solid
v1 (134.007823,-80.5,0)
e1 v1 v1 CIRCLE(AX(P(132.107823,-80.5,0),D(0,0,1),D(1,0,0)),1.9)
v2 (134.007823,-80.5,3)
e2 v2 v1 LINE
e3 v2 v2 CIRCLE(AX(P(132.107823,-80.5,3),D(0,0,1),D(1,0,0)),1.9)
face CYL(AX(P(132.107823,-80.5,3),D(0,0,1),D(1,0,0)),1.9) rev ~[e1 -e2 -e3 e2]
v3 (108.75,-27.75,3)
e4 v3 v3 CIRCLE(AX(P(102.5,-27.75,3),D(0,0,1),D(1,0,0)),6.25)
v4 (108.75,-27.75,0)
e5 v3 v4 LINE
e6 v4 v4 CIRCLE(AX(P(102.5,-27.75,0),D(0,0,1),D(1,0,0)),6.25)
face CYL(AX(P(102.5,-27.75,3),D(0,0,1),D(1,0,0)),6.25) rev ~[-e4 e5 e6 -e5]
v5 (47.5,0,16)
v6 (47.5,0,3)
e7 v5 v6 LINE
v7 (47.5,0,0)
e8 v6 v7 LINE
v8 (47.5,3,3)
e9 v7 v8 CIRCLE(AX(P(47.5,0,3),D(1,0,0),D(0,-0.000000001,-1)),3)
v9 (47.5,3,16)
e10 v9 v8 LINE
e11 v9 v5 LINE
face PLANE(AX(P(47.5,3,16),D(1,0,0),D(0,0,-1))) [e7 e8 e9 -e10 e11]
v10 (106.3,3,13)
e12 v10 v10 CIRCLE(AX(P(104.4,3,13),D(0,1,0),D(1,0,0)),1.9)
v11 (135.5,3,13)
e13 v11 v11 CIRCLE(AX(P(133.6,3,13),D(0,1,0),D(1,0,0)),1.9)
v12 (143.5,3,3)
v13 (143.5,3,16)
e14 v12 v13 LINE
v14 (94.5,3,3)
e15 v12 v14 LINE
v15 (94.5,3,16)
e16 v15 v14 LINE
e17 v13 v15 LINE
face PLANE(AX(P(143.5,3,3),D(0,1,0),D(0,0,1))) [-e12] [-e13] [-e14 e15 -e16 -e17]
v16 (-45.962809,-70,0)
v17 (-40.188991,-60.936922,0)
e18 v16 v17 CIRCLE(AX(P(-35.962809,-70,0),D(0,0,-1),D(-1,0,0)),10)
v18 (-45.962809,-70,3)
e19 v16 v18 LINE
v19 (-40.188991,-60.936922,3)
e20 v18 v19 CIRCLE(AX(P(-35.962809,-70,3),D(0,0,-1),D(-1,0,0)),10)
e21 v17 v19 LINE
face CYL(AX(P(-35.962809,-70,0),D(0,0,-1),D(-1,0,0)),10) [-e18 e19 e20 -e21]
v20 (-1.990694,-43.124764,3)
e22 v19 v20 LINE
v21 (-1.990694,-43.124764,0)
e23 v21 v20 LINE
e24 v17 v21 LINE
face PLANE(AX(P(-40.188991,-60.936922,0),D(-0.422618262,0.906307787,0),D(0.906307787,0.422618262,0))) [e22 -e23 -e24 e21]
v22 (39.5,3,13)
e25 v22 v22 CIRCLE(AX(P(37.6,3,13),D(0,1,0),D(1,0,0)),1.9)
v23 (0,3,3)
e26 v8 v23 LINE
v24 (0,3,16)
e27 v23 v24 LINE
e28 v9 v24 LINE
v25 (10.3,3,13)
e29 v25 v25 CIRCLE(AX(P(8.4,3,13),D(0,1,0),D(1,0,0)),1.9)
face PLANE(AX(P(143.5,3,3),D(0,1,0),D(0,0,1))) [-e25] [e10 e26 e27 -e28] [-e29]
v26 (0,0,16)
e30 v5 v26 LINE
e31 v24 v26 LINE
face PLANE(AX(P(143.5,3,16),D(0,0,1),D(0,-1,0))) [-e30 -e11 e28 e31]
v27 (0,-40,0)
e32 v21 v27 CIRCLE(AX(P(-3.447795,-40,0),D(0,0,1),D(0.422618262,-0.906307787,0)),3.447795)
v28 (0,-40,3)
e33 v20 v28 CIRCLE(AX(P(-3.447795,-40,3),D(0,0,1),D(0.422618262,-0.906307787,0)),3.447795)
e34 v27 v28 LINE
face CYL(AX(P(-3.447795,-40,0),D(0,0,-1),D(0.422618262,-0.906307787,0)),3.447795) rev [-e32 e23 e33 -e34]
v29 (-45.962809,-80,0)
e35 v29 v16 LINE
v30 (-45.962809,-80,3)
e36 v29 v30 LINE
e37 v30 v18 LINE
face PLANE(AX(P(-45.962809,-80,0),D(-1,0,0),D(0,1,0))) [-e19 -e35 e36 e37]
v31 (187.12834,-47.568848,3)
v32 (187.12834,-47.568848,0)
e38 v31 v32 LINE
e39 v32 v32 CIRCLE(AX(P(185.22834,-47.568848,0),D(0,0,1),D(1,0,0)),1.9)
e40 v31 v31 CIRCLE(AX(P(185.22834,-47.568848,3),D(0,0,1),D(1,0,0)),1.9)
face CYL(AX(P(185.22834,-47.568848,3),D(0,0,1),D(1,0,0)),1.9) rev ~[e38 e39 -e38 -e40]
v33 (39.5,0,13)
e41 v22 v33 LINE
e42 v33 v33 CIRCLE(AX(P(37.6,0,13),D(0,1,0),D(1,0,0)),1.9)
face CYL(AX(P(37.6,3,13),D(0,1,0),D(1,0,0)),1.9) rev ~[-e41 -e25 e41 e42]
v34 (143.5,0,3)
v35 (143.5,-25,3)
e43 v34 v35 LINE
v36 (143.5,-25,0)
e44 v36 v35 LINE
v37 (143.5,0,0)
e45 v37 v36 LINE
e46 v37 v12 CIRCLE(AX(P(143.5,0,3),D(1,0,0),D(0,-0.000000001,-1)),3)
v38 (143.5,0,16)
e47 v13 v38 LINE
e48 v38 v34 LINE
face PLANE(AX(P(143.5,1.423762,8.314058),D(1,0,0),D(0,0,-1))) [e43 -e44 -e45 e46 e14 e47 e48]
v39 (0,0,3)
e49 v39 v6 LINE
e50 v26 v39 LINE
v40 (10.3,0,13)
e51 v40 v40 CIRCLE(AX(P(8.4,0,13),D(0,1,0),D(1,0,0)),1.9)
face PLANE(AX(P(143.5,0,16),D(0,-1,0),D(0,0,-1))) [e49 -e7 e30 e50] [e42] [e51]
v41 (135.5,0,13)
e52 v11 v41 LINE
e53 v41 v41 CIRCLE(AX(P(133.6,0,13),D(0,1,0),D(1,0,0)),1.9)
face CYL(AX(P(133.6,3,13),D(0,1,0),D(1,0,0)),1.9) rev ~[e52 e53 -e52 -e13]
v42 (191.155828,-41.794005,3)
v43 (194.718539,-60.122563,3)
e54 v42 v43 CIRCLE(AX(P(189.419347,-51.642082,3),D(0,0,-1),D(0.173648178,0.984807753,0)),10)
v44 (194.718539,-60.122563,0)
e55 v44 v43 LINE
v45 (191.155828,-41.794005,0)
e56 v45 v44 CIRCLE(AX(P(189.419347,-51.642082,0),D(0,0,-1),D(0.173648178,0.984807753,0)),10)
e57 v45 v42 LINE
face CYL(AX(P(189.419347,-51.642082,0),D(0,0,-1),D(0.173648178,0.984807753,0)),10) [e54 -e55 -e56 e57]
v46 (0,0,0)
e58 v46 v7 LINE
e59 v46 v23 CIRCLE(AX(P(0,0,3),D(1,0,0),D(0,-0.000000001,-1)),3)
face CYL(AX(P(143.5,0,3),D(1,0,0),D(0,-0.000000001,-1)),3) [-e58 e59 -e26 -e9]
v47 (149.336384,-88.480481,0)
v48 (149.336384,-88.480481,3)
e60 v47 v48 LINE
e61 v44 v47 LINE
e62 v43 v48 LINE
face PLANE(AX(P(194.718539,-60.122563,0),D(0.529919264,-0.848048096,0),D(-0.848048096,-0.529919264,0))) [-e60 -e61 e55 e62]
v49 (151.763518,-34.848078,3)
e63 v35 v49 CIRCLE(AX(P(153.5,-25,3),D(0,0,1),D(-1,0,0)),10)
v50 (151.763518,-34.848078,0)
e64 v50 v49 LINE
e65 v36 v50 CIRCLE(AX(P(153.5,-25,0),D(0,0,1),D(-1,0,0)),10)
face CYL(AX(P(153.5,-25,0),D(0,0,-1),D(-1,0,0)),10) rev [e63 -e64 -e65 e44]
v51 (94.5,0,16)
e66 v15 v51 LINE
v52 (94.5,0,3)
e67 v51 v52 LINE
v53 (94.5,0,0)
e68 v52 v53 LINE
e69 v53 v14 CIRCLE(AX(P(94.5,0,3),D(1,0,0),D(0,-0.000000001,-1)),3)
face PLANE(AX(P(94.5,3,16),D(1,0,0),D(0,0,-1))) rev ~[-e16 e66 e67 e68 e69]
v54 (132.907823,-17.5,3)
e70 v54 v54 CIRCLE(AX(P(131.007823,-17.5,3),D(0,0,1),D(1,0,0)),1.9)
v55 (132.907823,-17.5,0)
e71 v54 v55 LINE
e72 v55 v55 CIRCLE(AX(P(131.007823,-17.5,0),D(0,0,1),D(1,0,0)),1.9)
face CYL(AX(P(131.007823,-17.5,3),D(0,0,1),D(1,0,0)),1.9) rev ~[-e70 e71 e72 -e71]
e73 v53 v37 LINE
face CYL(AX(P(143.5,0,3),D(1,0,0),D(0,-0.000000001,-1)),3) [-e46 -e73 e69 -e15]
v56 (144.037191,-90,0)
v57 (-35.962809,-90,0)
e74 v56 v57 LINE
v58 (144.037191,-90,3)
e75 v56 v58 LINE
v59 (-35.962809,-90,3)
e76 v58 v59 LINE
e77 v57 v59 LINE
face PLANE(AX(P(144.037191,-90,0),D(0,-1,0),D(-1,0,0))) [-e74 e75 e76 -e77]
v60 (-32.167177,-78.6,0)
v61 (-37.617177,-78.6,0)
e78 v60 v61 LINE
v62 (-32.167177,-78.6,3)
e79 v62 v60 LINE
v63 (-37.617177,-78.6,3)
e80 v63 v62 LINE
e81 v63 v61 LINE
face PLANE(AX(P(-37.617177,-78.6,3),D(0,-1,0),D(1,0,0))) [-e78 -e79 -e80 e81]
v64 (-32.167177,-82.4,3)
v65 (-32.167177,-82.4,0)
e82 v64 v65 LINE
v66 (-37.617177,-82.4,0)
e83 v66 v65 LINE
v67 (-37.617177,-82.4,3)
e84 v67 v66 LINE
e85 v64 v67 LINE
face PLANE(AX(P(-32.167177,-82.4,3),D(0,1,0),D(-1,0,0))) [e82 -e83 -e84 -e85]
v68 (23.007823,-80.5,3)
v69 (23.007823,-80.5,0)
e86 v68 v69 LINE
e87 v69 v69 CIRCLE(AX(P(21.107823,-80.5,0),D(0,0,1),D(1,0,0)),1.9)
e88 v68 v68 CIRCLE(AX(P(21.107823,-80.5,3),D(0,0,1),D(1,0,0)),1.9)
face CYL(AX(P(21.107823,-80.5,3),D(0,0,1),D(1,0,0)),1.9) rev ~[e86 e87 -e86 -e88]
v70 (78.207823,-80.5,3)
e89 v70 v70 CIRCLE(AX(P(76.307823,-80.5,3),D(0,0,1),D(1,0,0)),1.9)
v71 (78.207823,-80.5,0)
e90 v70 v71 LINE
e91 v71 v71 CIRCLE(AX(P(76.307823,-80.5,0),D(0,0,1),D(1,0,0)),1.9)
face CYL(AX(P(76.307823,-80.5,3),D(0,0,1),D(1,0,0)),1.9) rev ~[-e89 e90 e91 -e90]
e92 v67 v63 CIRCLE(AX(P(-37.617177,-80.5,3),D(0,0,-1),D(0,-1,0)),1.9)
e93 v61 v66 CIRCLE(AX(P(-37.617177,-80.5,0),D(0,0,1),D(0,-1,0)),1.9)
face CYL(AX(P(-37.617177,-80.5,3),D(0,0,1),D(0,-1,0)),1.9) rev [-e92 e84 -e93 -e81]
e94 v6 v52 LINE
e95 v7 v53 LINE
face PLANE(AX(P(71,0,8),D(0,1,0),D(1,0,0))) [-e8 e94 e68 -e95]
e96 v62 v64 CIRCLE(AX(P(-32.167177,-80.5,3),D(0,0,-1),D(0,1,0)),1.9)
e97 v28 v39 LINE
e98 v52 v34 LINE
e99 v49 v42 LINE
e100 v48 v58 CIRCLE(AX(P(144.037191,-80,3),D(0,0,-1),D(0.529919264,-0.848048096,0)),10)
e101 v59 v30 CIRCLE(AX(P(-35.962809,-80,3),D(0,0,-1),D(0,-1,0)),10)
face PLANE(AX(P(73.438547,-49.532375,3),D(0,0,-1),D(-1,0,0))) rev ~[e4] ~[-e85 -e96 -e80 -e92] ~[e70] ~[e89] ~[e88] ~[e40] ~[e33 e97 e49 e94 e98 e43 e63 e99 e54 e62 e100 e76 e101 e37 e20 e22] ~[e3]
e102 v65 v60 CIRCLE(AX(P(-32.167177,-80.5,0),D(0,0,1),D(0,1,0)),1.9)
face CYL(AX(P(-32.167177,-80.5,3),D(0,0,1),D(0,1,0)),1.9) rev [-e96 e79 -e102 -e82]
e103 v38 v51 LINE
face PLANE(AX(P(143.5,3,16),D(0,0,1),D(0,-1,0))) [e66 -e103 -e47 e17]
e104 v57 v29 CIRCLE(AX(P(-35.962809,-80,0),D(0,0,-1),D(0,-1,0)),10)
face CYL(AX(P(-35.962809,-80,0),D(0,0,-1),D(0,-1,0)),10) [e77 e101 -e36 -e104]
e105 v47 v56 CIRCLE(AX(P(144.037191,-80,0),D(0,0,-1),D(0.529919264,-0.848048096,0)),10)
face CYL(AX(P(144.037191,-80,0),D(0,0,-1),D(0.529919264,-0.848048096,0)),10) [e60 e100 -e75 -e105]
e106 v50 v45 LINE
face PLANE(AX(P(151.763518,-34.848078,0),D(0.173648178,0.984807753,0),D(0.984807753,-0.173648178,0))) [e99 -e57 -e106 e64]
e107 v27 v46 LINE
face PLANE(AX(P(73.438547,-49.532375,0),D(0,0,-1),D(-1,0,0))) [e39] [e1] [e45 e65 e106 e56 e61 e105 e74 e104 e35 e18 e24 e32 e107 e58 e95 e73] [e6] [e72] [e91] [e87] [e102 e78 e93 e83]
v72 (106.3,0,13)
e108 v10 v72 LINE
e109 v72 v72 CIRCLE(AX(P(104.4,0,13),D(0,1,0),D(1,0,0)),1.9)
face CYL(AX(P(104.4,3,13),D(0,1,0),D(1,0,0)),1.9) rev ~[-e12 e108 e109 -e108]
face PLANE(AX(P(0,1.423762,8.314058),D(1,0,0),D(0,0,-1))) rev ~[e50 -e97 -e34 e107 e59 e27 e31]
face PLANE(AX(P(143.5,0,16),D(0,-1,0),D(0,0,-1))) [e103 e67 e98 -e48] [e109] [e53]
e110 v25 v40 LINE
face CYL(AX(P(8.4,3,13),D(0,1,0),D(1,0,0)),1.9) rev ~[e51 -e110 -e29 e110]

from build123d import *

# Parameters (mm, degrees)
BOSS_EXTRUDE1_DEPTH = 3
SKETCH2_R           = 1.9
SKETCH2_R_2         = 6.25
CUT_EXTRUDE1_DEPTH  = 4
BOSS_EXTRUDE3_DEPTH = 143.5
SKETCH6_W           = 47
SKETCH6_H           = 16
CUT_EXTRUDE4_DEPTH  = 3
SKETCH7_R           = 1.9
CUT_EXTRUDE5_DEPTH  = 94


with BuildPart() as part:
    # Sketch1 → Boss-Extrude1 (new body)
    with BuildSketch(Plane.XY):
        with BuildLine():
            Line((0, 0), (143.5, 0))
            Line((143.5, 0), (143.5, -25))
            ThreePointArc((143.5, -25), (145.839555569, -31.427876097), (151.763518223, -34.84807753))
            Line((151.763518223, -34.84807753), (191.155828344, -41.794004637))
            ThreePointArc((191.155828344, -41.794004637), (199.235618402, -49.733992213), (194.718539209, -60.122563128))
            Line((194.718539209, -60.122563128), (149.336384129, -88.480480962))
            ThreePointArc((149.336384129, -88.480480962), (146.793565045, -89.612616959), (144.037191487, -90))
            Line((144.037191487, -90), (-35.962808513, -90))
            ThreePointArc((-35.962808513, -90), (-43.033876325, -87.071067812), (-45.962808513, -80))
            Line((-45.962808513, -80), (-45.962808513, -70))
            ThreePointArc((-45.962808513, -70), (-44.396722971, -64.627003917), (-40.18899113, -60.93692213))
            Line((-40.18899113, -60.93692213), (-1.99069399, -43.124763645))
            ThreePointArc((-1.99069399, -43.124763645), (-0.539954223, -41.852499015), (0, -40))
            Line((0, -40), (0, 0))
        make_face()
    extrude(amount=BOSS_EXTRUDE1_DEPTH)

    # Sketch2 → Cut-Extrude1 (cut, through all)
    with BuildSketch(Plane.XY.offset(3)):
        with Locations((185.228339525, -47.568848131)):
            Circle(SKETCH2_R)
        with Locations((132.107823371, -80.5)):
            Circle(SKETCH2_R)
        with Locations((76.307823371, -80.5)):
            Circle(SKETCH2_R)
        with Locations((21.107823371, -80.5)):
            Circle(SKETCH2_R)
        with Locations((102.5, -27.75)):
            Circle(SKETCH2_R_2)
        with Locations((131.007823371, -17.5)):
            Circle(SKETCH2_R)
        with BuildLine():
            Line((-32.167176629, -82.4), (-37.617176629, -82.4))
            ThreePointArc((-37.617176629, -82.4), (-39.517176629, -80.5), (-37.617176629, -78.6))
            Line((-37.617176629, -78.6), (-32.167176629, -78.6))
            ThreePointArc((-32.167176629, -78.6), (-30.267176629, -80.5), (-32.167176629, -82.4))
        make_face()
    extrude(amount=-CUT_EXTRUDE1_DEPTH, mode=Mode.SUBTRACT)

    # Sketch3 → Boss-Extrude3 (add)
    with BuildSketch(Plane(origin=(143.5, 0, 0), x_dir=(0, 0, -1), z_dir=(1, 0, 0))):
        with BuildLine():
            Line((-3, 0), (0, 0))
            ThreePointArc((0, 0), (-0.878679656, 2.121320344), (-3, 3))
            Line((-3, 3), (-16, 3))
            Line((-16, 3), (-16, 0))
            Line((-16, 0), (-3, 0))
        make_face()
    extrude(amount=-BOSS_EXTRUDE3_DEPTH)

    # Sketch6 → Cut-Extrude4 (cut)
    with BuildSketch(Plane(origin=(0, 3, 0), x_dir=(1, 0, 0), z_dir=(0, 1, 0))):
        with Locations((71, -8)):
            Rectangle(SKETCH6_W, SKETCH6_H)
    extrude(amount=-CUT_EXTRUDE4_DEPTH, mode=Mode.SUBTRACT)

    # Sketch7 → Cut-Extrude5 (cut, through all)
    with BuildSketch(Plane(origin=(0, 3, 0), x_dir=(1, 0, 0), z_dir=(0, 1, 0))):
        with Locations((133.6, -13)):
            Circle(SKETCH7_R)
        with Locations((104.4, -13)):
            Circle(SKETCH7_R)
        with Locations((37.6, -13)):
            Circle(SKETCH7_R)
        with Locations((8.4, -13)):
            Circle(SKETCH7_R)
    extrude(amount=-CUT_EXTRUDE5_DEPTH, mode=Mode.SUBTRACT)


solid = part.part
